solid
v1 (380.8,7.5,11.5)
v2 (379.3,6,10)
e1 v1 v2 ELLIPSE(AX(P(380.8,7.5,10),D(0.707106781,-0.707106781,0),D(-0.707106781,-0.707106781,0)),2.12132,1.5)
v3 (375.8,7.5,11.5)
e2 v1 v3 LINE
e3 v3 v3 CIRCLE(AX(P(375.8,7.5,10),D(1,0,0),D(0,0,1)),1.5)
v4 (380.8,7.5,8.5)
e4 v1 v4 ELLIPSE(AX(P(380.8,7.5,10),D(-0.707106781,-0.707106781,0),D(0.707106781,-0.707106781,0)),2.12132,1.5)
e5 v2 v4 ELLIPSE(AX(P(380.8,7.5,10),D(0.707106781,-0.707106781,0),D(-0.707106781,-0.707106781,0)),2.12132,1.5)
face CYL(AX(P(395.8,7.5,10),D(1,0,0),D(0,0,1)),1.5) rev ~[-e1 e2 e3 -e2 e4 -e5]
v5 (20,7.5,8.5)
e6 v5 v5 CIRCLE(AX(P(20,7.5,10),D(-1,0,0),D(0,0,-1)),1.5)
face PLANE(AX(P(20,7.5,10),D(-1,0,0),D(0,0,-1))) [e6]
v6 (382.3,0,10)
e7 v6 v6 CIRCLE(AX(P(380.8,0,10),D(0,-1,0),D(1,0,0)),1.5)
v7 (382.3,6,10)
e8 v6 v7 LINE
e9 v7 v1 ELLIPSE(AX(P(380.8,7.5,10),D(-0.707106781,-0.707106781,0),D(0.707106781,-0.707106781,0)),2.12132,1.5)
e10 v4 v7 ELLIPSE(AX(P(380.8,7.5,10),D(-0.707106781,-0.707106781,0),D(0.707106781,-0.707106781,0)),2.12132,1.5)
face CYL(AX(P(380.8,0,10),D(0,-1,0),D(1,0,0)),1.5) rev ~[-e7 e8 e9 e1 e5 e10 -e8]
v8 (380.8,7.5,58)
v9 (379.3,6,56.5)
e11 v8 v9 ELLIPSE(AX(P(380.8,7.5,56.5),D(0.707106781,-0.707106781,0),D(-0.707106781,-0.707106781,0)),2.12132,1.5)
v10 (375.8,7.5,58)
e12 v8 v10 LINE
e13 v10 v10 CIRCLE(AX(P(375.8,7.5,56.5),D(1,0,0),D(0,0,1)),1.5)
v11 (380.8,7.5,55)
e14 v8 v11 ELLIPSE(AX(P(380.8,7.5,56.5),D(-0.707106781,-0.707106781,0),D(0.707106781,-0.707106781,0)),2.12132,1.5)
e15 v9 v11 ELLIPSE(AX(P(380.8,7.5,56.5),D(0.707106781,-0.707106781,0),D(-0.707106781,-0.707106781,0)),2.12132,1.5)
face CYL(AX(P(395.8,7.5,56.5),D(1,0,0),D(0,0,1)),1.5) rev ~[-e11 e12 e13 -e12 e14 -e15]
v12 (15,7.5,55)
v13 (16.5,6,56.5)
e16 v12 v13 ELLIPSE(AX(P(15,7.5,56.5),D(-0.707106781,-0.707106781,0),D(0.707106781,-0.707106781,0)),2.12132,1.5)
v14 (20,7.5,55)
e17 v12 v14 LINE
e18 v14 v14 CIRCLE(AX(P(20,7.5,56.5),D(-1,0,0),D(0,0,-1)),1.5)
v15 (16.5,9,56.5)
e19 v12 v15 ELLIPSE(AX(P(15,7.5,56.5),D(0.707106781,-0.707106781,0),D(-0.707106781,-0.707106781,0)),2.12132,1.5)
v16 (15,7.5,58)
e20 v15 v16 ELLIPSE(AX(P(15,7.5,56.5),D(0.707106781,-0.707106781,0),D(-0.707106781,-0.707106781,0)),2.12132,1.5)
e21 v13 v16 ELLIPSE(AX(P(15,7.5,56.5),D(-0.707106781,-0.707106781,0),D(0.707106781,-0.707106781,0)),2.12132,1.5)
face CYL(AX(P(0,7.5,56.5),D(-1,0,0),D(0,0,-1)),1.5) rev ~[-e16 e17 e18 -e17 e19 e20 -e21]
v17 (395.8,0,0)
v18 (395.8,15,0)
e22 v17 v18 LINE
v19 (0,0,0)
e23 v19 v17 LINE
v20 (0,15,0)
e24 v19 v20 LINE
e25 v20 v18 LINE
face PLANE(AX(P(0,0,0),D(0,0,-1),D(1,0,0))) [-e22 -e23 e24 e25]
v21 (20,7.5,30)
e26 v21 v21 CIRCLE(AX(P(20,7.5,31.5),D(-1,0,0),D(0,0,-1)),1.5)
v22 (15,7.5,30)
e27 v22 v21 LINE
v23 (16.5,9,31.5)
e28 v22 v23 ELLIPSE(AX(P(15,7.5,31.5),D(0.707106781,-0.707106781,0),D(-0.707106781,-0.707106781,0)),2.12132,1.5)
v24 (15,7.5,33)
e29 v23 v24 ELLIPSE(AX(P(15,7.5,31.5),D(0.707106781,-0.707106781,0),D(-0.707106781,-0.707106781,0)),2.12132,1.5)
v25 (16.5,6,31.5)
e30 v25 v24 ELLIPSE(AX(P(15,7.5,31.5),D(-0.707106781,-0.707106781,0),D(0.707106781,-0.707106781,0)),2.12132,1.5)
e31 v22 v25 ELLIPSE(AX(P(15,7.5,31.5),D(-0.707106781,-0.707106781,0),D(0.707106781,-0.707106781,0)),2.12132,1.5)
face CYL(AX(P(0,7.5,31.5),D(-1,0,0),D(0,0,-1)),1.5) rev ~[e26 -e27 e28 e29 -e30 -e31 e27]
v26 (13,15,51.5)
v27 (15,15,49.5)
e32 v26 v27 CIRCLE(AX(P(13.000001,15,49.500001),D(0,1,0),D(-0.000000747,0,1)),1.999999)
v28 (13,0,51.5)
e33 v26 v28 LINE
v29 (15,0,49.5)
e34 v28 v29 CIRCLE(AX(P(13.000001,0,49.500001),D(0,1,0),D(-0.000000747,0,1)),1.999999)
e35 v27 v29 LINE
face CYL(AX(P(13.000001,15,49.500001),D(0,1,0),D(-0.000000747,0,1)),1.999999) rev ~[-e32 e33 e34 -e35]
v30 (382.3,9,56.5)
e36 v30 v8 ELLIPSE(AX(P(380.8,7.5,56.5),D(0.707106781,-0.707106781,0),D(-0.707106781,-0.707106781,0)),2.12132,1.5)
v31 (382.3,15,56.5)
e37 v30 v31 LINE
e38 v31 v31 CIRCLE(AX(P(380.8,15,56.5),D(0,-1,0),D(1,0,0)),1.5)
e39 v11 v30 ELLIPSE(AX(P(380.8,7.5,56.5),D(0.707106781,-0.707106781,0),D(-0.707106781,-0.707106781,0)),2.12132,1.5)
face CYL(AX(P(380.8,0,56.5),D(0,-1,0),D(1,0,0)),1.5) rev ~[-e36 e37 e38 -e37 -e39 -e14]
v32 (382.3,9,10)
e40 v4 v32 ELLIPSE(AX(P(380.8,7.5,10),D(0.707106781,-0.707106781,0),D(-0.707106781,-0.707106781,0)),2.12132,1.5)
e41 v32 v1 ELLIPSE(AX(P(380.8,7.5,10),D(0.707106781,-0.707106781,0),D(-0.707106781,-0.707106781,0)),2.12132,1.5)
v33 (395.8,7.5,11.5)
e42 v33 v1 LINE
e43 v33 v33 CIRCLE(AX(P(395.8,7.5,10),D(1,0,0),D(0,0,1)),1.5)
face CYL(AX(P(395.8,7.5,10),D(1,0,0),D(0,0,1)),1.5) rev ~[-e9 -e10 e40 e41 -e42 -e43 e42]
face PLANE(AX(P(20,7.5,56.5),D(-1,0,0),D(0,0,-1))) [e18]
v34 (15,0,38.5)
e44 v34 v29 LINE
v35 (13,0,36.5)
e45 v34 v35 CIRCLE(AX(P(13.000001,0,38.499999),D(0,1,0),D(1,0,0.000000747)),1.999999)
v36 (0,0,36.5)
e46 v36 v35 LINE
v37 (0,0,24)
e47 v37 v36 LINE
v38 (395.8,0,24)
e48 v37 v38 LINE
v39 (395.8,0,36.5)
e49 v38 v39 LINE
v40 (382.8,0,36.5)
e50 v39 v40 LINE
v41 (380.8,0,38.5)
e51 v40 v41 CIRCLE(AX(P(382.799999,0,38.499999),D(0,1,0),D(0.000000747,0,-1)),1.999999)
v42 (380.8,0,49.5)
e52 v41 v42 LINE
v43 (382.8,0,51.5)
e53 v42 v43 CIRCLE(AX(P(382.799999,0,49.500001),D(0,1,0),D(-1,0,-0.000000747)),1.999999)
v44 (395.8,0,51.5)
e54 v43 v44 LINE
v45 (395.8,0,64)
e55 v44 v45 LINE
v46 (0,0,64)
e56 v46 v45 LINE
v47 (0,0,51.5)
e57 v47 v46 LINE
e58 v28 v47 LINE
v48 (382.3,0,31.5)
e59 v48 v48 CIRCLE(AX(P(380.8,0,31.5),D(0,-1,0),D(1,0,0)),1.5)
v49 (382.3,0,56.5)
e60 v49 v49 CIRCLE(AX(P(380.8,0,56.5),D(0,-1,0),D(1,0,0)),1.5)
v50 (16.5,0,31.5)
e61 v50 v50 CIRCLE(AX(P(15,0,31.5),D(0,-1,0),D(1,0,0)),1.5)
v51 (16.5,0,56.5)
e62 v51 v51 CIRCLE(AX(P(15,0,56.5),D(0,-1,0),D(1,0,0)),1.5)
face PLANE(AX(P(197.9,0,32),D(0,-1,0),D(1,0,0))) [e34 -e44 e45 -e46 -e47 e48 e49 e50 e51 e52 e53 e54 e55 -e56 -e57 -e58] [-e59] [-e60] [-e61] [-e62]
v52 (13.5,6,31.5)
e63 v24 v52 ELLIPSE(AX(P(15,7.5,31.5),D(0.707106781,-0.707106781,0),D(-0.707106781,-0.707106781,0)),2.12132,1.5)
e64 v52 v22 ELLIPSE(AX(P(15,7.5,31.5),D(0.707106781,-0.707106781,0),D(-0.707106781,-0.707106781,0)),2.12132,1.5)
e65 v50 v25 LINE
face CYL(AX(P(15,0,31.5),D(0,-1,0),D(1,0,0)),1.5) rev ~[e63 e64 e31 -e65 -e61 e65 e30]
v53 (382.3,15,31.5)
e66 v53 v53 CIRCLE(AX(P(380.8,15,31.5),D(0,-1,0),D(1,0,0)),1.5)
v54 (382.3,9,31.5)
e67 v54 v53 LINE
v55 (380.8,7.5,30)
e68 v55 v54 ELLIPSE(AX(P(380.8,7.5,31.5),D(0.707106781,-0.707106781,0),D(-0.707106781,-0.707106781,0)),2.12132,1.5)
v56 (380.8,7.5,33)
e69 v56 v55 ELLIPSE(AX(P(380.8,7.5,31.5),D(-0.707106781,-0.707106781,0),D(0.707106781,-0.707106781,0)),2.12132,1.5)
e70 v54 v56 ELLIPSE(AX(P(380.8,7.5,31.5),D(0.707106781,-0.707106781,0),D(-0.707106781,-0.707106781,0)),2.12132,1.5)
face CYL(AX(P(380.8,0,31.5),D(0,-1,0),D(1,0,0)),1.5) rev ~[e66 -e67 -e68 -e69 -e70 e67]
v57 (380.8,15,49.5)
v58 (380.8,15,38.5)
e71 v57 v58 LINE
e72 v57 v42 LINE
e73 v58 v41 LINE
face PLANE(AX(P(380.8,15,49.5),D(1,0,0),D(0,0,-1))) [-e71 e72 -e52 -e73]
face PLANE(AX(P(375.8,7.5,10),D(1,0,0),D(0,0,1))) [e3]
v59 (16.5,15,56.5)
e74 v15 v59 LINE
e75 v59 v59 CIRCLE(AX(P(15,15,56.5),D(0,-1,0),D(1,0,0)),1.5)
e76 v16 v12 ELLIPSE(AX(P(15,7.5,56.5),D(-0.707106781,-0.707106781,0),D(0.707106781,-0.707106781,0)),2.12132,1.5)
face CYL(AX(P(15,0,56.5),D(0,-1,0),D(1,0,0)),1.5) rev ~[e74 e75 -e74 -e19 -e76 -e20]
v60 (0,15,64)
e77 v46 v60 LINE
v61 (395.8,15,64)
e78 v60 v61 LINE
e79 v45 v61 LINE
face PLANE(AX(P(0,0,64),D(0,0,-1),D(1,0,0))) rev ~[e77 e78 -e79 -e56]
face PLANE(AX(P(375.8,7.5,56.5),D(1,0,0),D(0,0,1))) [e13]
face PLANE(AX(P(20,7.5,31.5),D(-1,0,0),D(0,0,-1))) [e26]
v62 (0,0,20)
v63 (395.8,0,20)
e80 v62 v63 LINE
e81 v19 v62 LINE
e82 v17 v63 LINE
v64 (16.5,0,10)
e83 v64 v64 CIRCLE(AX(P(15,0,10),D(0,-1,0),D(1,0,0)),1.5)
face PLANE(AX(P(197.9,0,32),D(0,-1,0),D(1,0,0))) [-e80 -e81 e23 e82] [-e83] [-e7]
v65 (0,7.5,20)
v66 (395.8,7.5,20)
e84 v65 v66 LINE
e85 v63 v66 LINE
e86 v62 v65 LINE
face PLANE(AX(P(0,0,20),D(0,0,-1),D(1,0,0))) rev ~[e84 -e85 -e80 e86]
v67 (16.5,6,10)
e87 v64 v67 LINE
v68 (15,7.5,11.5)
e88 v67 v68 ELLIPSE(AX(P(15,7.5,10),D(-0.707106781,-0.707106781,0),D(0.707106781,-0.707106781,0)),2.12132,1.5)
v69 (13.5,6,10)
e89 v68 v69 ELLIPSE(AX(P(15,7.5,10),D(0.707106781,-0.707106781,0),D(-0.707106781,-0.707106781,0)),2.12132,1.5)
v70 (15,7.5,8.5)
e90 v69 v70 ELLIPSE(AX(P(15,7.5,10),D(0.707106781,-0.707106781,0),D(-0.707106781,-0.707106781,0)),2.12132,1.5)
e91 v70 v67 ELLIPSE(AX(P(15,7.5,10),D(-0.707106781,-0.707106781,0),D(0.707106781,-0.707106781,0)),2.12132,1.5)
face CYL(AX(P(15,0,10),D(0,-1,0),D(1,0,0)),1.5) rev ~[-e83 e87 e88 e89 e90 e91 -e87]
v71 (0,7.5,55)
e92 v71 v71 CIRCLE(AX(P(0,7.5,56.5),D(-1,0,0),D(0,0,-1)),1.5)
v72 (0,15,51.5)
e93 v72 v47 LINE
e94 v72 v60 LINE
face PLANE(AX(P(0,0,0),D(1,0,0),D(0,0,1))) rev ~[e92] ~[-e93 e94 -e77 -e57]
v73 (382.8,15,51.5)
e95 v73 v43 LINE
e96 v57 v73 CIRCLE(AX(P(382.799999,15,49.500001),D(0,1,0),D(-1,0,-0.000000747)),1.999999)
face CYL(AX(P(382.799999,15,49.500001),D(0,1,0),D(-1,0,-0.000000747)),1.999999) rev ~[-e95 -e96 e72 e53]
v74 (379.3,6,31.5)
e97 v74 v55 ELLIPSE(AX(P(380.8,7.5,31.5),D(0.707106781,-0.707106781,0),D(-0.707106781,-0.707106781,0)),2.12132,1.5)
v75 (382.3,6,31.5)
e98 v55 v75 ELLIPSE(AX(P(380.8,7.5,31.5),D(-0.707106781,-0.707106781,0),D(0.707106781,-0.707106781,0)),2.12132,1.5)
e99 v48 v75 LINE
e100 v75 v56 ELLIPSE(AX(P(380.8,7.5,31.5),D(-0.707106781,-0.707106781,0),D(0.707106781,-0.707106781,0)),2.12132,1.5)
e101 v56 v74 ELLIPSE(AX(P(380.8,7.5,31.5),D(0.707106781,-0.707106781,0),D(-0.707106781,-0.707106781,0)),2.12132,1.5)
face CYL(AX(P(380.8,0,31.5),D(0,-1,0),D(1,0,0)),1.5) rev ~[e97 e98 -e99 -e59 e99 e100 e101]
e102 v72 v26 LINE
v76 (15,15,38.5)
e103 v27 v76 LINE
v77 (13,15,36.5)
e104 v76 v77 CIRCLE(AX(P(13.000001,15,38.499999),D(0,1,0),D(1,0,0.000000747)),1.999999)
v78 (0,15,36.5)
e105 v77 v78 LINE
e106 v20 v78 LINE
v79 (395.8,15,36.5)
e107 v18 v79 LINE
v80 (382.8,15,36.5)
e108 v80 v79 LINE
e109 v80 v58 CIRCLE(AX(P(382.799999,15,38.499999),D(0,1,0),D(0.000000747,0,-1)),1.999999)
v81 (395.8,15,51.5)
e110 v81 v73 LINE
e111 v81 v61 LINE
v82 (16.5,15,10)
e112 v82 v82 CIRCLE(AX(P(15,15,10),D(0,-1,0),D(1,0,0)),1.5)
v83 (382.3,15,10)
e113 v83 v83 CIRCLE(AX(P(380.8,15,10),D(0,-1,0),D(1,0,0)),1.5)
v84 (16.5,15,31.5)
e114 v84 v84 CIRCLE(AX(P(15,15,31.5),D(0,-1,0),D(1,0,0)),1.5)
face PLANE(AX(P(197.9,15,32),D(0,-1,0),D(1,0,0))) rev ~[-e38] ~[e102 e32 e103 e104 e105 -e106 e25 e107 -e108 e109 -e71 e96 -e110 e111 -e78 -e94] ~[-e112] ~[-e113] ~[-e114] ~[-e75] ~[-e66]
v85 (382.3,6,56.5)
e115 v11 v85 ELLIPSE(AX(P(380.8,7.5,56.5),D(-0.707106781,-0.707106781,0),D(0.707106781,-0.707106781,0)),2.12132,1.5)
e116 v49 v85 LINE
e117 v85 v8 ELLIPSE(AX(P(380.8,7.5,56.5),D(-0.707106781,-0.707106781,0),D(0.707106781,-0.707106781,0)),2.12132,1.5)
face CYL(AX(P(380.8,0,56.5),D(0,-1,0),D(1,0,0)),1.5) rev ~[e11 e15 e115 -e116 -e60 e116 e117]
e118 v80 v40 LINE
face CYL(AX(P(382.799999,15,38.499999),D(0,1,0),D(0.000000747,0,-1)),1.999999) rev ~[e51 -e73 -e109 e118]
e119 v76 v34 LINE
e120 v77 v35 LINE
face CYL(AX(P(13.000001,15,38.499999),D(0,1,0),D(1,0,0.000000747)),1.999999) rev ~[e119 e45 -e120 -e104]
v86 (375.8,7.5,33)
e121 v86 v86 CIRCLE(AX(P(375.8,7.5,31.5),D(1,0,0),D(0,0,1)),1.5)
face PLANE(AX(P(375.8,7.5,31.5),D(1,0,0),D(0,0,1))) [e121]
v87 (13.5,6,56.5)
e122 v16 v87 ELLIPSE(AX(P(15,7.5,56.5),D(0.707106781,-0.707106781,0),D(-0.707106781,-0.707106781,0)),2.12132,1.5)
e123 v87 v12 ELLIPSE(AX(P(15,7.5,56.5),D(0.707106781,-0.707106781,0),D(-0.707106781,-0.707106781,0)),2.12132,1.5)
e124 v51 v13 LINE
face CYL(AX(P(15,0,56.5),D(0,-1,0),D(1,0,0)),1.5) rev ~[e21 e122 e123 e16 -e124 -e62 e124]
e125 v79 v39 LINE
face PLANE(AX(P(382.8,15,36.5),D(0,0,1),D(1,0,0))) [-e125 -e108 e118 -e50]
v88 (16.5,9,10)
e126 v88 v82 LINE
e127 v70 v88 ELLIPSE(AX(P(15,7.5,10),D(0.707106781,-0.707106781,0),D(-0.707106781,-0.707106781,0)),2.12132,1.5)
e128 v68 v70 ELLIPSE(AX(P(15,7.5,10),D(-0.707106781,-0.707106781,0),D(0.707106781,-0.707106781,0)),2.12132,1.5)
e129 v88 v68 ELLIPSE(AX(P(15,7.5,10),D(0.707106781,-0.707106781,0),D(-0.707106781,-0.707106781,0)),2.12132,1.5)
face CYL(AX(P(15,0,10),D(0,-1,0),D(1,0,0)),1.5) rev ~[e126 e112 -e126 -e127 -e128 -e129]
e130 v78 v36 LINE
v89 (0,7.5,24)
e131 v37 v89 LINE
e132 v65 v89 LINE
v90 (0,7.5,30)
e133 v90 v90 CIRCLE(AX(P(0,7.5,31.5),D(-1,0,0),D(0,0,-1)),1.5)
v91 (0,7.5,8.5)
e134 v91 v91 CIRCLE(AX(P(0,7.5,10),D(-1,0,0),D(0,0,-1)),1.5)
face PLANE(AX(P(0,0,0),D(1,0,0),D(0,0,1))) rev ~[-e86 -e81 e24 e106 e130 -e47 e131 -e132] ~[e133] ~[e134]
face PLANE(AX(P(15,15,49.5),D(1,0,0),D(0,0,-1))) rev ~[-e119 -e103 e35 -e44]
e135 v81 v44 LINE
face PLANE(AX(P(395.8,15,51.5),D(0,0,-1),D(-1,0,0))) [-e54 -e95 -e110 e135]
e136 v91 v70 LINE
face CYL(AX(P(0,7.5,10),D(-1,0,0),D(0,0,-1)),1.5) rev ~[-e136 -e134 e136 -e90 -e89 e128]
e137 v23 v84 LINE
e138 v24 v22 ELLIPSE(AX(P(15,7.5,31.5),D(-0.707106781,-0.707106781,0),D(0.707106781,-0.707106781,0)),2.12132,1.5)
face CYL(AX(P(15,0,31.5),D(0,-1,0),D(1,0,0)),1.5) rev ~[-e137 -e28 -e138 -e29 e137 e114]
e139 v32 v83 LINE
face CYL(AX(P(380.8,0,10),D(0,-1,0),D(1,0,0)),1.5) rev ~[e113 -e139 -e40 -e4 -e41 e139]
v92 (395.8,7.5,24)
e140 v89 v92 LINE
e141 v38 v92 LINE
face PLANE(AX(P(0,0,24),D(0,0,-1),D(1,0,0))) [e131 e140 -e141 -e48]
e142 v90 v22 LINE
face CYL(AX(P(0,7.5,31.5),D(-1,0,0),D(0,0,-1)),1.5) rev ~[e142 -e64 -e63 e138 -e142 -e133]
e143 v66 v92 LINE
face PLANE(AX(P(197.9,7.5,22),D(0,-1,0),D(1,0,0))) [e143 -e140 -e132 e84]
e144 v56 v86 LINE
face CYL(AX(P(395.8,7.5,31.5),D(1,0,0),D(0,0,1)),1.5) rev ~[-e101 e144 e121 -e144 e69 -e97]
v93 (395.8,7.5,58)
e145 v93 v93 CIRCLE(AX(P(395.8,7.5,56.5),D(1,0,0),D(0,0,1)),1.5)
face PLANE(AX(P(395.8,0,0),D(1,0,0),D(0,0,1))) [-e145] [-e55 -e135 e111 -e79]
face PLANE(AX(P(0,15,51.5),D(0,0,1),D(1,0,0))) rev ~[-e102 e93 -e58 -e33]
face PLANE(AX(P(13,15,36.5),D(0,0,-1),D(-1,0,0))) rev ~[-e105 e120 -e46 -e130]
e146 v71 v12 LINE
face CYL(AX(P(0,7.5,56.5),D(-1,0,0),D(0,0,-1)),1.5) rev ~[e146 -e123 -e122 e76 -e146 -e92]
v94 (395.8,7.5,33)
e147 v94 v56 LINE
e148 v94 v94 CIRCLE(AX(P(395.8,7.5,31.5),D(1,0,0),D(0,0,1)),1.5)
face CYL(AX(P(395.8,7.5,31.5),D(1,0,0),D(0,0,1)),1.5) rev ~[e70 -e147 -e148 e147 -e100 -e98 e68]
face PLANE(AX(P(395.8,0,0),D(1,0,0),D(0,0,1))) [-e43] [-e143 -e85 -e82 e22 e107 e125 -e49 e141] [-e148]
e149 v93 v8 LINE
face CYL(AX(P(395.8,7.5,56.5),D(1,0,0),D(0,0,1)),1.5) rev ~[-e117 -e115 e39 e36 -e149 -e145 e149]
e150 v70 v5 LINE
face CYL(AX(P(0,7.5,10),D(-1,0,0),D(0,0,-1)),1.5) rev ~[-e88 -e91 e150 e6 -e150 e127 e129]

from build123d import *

# Parameters (mm, degrees)
SKETCH_W        = 395.8
SKETCH_H        = 64
PAD_DEPTH       = 15
SKETCH001_R     = 1.5
POCKET_DEPTH    = 15.001
SKETCH002_W     = 395.8
SKETCH002_H     = 4
POCKET001_DEPTH = 7.5
SKETCH003_R     = 1.5
POCKET002_DEPTH = 20
SKETCH004_R     = 1.5
POCKET003_DEPTH = 20
POCKET004_DEPTH = 15.001


with BuildPart() as part:
    # Sketch → Pad (new body)
    with BuildSketch(Plane.XZ):
        with Locations((197.9, 32)):
            Rectangle(SKETCH_W, SKETCH_H)
    extrude(amount=-PAD_DEPTH)

    # Sketch001 (on Face5 of Pad) → Pocket (cut, through all)
    with BuildSketch(Plane.XZ):
        with Locations((15, 56.5)):
            Circle(SKETCH001_R)
        with Locations((15, 31.5)):
            Circle(SKETCH001_R)
        with Locations((380.8, 31.5)):
            Circle(SKETCH001_R)
        with Locations((380.8, 56.5)):
            Circle(SKETCH001_R)
        with Locations((15, 10)):
            Circle(SKETCH001_R)
        with Locations((380.8, 10)):
            Circle(SKETCH001_R)
    extrude(amount=-POCKET_DEPTH, mode=Mode.SUBTRACT)

    # Sketch002 (on Face4 of Pocket) → Pocket001 (cut)
    with BuildSketch(Plane.XZ):
        with Locations((197.9, 22)):
            Rectangle(SKETCH002_W, SKETCH002_H)
    extrude(amount=-POCKET001_DEPTH, mode=Mode.SUBTRACT)

    # Sketch003 (on Face3 of Pocket001) → Pocket002 (cut)
    with BuildSketch(Plane(origin=(395.8, 0, 0), x_dir=(0, 0, 1), z_dir=(1, 0, 0))):
        with Locations((10, -7.5)):
            Circle(SKETCH003_R)
        with Locations((31.5, -7.5)):
            Circle(SKETCH003_R)
        with Locations((56.5, -7.5)):
            Circle(SKETCH003_R)
    extrude(amount=-POCKET002_DEPTH, mode=Mode.SUBTRACT)

    # Sketch004 (on Face2 of Pocket002) → Pocket003 (cut)
    with BuildSketch(Plane(origin=(0, 0, 0), x_dir=(0, 0, -1), z_dir=(-1, 0, 0))):
        with Locations((-56.5, -7.5)):
            Circle(SKETCH004_R)
        with Locations((-31.5, -7.5)):
            Circle(SKETCH004_R)
        with Locations((-10, -7.5)):
            Circle(SKETCH004_R)
    extrude(amount=-POCKET003_DEPTH, mode=Mode.SUBTRACT)

    # Sketch005 (on Face5 of Pocket003) → Pocket004 (cut, through all)
    with BuildSketch(Plane(origin=(0, 15, 0), x_dir=(1, 0, 0), z_dir=(0, 1, 0))):
        with BuildLine():
            Line((0, -51.5), (13, -51.5))
            ThreePointArc((13, -51.5), (14.414214, -50.914214), (15, -49.5))
            Line((15, -49.5), (15, -38.5))
            ThreePointArc((15, -38.5), (14.414214, -37.085786), (13, -36.5))
            Line((13, -36.5), (0, -36.5))
            Line((0, -36.5), (0, -51.5))
        make_face()
        with BuildLine():
            Line((395.8, -51.5), (382.8, -51.5))
            ThreePointArc((380.8, -49.5), (381.385786, -50.914214), (382.8, -51.5))
            Line((380.8, -49.5), (380.8, -38.5))
            ThreePointArc((382.8, -36.5), (381.385786, -37.085786), (380.8, -38.5))
            Line((382.8, -36.5), (395.8, -36.5))
            Line((395.8, -36.5), (395.8, -44))
            Line((395.8, -44), (395.8, -51.5))
        make_face()
    extrude(amount=-POCKET004_DEPTH, mode=Mode.SUBTRACT)


solid = part.part
